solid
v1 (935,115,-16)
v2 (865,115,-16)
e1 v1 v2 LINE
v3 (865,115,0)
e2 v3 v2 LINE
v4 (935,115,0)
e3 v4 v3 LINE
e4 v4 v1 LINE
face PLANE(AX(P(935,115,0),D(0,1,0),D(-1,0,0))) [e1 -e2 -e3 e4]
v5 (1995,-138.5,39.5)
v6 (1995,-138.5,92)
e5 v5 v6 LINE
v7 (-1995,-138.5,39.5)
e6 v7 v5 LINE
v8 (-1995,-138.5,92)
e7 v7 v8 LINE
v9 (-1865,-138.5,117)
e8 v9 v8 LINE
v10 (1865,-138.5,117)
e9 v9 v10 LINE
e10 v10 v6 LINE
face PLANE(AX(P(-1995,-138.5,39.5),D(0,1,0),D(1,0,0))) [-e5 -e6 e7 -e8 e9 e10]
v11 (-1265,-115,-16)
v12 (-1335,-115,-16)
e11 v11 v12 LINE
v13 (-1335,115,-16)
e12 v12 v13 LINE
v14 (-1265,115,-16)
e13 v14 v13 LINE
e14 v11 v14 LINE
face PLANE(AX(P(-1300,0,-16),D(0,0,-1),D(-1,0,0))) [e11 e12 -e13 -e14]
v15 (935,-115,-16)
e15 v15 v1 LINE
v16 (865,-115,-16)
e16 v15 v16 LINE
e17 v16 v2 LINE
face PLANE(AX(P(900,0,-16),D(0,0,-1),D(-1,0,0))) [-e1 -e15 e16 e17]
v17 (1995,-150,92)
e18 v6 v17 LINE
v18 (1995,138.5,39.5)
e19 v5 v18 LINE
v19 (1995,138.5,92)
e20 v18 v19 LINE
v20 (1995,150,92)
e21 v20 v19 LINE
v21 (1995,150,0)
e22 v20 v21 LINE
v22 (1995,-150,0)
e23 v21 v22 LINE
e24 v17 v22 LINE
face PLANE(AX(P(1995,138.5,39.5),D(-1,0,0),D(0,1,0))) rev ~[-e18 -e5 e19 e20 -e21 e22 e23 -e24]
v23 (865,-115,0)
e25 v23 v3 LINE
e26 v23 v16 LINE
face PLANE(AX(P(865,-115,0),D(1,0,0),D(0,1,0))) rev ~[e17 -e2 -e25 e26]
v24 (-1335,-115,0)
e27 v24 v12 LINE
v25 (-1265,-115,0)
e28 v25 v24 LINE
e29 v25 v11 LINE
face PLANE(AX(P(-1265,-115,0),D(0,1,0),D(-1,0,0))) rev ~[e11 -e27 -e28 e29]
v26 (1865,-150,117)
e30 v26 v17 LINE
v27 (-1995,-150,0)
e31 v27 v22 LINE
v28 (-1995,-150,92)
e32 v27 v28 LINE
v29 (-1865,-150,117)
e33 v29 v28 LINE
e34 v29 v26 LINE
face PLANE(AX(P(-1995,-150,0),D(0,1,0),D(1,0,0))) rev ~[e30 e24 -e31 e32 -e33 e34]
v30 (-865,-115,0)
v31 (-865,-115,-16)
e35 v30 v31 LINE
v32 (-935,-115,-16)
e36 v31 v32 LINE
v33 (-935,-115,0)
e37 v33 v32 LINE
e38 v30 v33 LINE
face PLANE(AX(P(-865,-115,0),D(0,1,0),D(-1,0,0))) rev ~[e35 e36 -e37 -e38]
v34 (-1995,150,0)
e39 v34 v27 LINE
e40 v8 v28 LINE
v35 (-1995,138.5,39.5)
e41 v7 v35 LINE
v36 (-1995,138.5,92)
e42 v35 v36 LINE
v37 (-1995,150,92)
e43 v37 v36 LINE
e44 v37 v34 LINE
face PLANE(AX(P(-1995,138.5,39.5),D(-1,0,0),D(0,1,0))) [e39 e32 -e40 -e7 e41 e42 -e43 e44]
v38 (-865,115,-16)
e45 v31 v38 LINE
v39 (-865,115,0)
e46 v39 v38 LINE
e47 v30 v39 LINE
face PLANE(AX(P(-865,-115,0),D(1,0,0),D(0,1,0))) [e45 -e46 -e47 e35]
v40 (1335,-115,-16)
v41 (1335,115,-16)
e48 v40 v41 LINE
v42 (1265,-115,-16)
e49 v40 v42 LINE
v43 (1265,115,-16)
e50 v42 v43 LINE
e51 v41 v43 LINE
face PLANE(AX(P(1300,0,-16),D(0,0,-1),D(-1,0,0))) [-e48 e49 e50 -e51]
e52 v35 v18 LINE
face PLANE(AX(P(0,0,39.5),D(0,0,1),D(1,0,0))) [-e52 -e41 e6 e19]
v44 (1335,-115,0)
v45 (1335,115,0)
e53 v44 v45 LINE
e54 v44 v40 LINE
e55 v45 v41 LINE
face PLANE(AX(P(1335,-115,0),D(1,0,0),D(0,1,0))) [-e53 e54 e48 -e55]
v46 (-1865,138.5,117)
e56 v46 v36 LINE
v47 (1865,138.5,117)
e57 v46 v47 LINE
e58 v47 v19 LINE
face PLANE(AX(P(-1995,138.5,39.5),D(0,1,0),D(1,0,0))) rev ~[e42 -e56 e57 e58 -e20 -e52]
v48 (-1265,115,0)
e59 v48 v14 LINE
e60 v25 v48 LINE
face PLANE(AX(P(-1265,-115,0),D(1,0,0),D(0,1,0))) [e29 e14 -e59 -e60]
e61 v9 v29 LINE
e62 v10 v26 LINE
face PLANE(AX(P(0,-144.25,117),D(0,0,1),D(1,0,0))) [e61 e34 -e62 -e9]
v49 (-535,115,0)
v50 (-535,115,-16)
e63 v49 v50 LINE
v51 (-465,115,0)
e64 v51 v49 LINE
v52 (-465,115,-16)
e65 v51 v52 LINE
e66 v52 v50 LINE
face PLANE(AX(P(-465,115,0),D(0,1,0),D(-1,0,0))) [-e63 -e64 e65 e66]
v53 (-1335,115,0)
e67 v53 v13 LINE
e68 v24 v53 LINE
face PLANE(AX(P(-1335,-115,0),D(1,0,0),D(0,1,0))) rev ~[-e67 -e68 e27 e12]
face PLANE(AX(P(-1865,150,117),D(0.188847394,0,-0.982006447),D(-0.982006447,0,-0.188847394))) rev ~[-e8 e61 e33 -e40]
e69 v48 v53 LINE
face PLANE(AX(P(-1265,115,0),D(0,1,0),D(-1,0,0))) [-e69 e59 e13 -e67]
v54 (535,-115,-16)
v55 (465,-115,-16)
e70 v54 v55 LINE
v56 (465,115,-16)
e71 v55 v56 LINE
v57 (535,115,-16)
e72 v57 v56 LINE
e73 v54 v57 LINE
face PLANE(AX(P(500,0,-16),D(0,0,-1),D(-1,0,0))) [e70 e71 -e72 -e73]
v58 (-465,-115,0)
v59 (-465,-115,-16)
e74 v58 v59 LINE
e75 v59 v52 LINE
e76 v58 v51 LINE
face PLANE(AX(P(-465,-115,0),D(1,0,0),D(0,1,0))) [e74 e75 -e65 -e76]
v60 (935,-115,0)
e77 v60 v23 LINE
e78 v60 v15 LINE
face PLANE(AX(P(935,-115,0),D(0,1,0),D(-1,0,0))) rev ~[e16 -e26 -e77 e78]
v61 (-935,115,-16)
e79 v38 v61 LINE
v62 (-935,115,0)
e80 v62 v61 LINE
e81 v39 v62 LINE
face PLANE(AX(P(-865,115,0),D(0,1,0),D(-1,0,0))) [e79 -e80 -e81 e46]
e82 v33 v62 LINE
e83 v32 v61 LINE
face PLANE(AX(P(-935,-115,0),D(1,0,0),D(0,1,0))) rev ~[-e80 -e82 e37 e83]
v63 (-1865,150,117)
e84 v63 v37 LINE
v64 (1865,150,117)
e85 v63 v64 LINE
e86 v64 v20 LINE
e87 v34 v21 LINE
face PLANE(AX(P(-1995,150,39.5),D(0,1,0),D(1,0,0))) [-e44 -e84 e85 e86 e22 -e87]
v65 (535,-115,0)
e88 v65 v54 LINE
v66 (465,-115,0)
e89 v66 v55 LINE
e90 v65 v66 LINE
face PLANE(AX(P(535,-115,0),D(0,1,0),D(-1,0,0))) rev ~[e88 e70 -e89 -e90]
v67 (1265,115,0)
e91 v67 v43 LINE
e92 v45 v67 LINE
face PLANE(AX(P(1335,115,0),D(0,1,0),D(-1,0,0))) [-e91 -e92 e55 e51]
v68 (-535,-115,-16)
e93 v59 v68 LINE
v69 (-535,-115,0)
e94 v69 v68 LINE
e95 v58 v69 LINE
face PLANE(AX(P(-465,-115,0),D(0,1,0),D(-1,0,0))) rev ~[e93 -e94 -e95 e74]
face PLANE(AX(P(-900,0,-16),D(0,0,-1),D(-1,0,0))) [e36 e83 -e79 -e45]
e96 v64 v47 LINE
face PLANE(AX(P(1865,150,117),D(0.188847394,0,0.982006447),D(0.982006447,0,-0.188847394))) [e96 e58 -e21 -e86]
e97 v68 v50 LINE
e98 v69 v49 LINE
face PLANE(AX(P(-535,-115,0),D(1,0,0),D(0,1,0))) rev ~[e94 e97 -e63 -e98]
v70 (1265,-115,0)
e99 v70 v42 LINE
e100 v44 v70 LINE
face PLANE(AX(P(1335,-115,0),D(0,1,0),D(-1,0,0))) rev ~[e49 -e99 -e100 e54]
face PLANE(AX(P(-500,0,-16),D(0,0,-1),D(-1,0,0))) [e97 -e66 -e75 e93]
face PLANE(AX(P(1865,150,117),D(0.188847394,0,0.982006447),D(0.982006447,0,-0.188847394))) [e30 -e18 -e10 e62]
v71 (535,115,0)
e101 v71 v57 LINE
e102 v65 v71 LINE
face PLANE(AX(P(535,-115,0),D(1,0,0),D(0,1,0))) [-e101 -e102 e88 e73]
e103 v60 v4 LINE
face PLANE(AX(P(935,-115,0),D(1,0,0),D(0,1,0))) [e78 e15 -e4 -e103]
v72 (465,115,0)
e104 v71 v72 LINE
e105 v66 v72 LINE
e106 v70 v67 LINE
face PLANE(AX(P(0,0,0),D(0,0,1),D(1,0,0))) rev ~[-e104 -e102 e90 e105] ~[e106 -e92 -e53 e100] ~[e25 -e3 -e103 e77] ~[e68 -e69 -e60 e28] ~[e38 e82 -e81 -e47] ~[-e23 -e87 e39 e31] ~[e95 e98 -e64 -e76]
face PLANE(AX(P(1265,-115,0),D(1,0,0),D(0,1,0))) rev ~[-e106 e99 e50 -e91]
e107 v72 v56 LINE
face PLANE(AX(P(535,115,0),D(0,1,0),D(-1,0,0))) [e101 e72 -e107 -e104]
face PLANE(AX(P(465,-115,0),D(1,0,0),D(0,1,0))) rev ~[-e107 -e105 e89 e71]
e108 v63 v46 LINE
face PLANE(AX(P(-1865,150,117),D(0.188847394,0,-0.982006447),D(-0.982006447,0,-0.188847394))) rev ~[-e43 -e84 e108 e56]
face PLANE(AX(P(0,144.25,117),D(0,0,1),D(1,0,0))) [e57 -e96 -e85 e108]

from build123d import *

# Parameters (mm, degrees)
SKETCH_1_W          = 3990
SKETCH_1_H          = 300
SKETCH_1_R          = 13
SKETCH_1_R_2        = 11.5
EXTRUDE_1608_DEPTH  = 39.5
SKETCH_2_W          = 3990
SKETCH_2_H          = 11.5
EXTRUDE_1_DEPTH     = 77.5
SKETCH_3_W          = 70
SKETCH_3_H          = 230
EXTRUDE_2_DEPTH     = 16
SKETCH_4_R          = 13
CUT_EXTRUDE_1_DEPTH = 2003.131676489
CUT_EXTRUDE_2_DEPTH = 2021.820130541
SKETCH_6_W          = 3990
SKETCH_6_H          = 277
EXTRUDE_3_DEPTH     = 39.5
SKETCH_7_W          = 70
SKETCH_7_H          = 230
EXTRUDE_4_DEPTH     = 16


with BuildPart() as part:
    # 草图1 → Extrude 1608 (new body)
    with BuildSketch(Plane.XY):
        Rectangle(SKETCH_1_W, SKETCH_1_H)
        with Locations((1940, 80)):
            Circle(SKETCH_1_R, mode=Mode.SUBTRACT)
        with Locations((1860, 80)):
            Circle(SKETCH_1_R, mode=Mode.SUBTRACT)
        with Locations((1780, 80)):
            Circle(SKETCH_1_R, mode=Mode.SUBTRACT)
        with Locations((1700, 80)):
            Circle(SKETCH_1_R, mode=Mode.SUBTRACT)
        with Locations((1540, 80)):
            Circle(SKETCH_1_R_2, mode=Mode.SUBTRACT)
        with Locations((1380, 80)):
            Circle(SKETCH_1_R_2, mode=Mode.SUBTRACT)
        with Locations((1220, 80)):
            Circle(SKETCH_1_R_2, mode=Mode.SUBTRACT)
        with Locations((1060, 80)):
            Circle(SKETCH_1_R_2, mode=Mode.SUBTRACT)
        with Locations((980, 80)):
            Circle(SKETCH_1_R_2, mode=Mode.SUBTRACT)
        with Locations((820, 80)):
            Circle(SKETCH_1_R_2, mode=Mode.SUBTRACT)
        with Locations((740, 80)):
            Circle(SKETCH_1_R_2, mode=Mode.SUBTRACT)
        with Locations((580, 80)):
            Circle(SKETCH_1_R_2, mode=Mode.SUBTRACT)
        with Locations((980, 0)):
            Circle(SKETCH_1_R_2, mode=Mode.SUBTRACT)
        with Locations((1060, 0)):
            Circle(SKETCH_1_R_2, mode=Mode.SUBTRACT)
        with Locations((820, 0)):
            Circle(SKETCH_1_R_2, mode=Mode.SUBTRACT)
        with Locations((740, 0)):
            Circle(SKETCH_1_R_2, mode=Mode.SUBTRACT)
        with Locations((580, 0)):
            Circle(SKETCH_1_R_2, mode=Mode.SUBTRACT)
        with Locations((1220, 0)):
            Circle(SKETCH_1_R_2, mode=Mode.SUBTRACT)
        with Locations((1380, 0)):
            Circle(SKETCH_1_R_2, mode=Mode.SUBTRACT)
        with Locations((1540, 0)):
            Circle(SKETCH_1_R_2, mode=Mode.SUBTRACT)
        with Locations((1700, 0)):
            Circle(SKETCH_1_R, mode=Mode.SUBTRACT)
        with Locations((1780, 0)):
            Circle(SKETCH_1_R, mode=Mode.SUBTRACT)
        with Locations((1860, 0)):
            Circle(SKETCH_1_R, mode=Mode.SUBTRACT)
        with Locations((1940, 0)):
            Circle(SKETCH_1_R, mode=Mode.SUBTRACT)
        with Locations((420, 80)):
            Circle(SKETCH_1_R_2, mode=Mode.SUBTRACT)
        with Locations((420, 0)):
            Circle(SKETCH_1_R_2, mode=Mode.SUBTRACT)
        with Locations((300, 0)):
            Circle(SKETCH_1_R_2, mode=Mode.SUBTRACT)
        with Locations((300, 80)):
            Circle(SKETCH_1_R_2, mode=Mode.SUBTRACT)
        with Locations((220, 80)):
            Circle(SKETCH_1_R_2, mode=Mode.SUBTRACT)
        with Locations((220, 0)):
            Circle(SKETCH_1_R_2, mode=Mode.SUBTRACT)
        with Locations((140, 0)):
            Circle(SKETCH_1_R, mode=Mode.SUBTRACT)
        with Locations((140, 80)):
            Circle(SKETCH_1_R, mode=Mode.SUBTRACT)
        with Locations((60, 80)):
            Circle(SKETCH_1_R, mode=Mode.SUBTRACT)
        with Locations((60, 0)):
            Circle(SKETCH_1_R, mode=Mode.SUBTRACT)
        with Locations(Location((1700, -80, 0), (0, 0, 180))):
            Circle(SKETCH_1_R, mode=Mode.SUBTRACT)
        with Locations(Location((1780, -80, 0), (0, 0, 180))):
            Circle(SKETCH_1_R, mode=Mode.SUBTRACT)
        with Locations(Location((1860, -80, 0), (0, 0, 180))):
            Circle(SKETCH_1_R, mode=Mode.SUBTRACT)
        with Locations(Location((1940, -80, 0), (0, 0, 180))):
            Circle(SKETCH_1_R, mode=Mode.SUBTRACT)
        with Locations(Location((580, -80, 0), (0, 0, 180))):
            Circle(SKETCH_1_R_2, mode=Mode.SUBTRACT)
        with Locations(Location((740, -80, 0), (0, 0, 180))):
            Circle(SKETCH_1_R_2, mode=Mode.SUBTRACT)
        with Locations(Location((820, -80, 0), (0, 0, 180))):
            Circle(SKETCH_1_R_2, mode=Mode.SUBTRACT)
        with Locations(Location((980, -80, 0), (0, 0, 180))):
            Circle(SKETCH_1_R_2, mode=Mode.SUBTRACT)
        with Locations(Location((1060, -80, 0), (0, 0, 180))):
            Circle(SKETCH_1_R_2, mode=Mode.SUBTRACT)
        with Locations(Location((1220, -80, 0), (0, 0, 180))):
            Circle(SKETCH_1_R_2, mode=Mode.SUBTRACT)
        with Locations(Location((1380, -80, 0), (0, 0, 180))):
            Circle(SKETCH_1_R_2, mode=Mode.SUBTRACT)
        with Locations(Location((1540, -80, 0), (0, 0, 180))):
            Circle(SKETCH_1_R_2, mode=Mode.SUBTRACT)
        with Locations(Location((220, -80, 0), (0, 0, 180))):
            Circle(SKETCH_1_R_2, mode=Mode.SUBTRACT)
        with Locations(Location((300, -80, 0), (0, 0, 180))):
            Circle(SKETCH_1_R_2, mode=Mode.SUBTRACT)
        with Locations(Location((420, -80, 0), (0, 0, 180))):
            Circle(SKETCH_1_R_2, mode=Mode.SUBTRACT)
        with Locations(Location((60, -80, 0), (0, 0, 180))):
            Circle(SKETCH_1_R, mode=Mode.SUBTRACT)
        with Locations(Location((140, -80, 0), (0, 0, 180))):
            Circle(SKETCH_1_R, mode=Mode.SUBTRACT)
        with Locations((-140, -80)):
            Circle(SKETCH_1_R, mode=Mode.SUBTRACT)
        with Locations((-60, -80)):
            Circle(SKETCH_1_R, mode=Mode.SUBTRACT)
        with Locations((-580, -80)):
            Circle(SKETCH_1_R_2, mode=Mode.SUBTRACT)
        with Locations((-420, -80)):
            Circle(SKETCH_1_R_2, mode=Mode.SUBTRACT)
        with Locations((-300, -80)):
            Circle(SKETCH_1_R_2, mode=Mode.SUBTRACT)
        with Locations((-220, -80)):
            Circle(SKETCH_1_R_2, mode=Mode.SUBTRACT)
        with Locations((-1540, -80)):
            Circle(SKETCH_1_R_2, mode=Mode.SUBTRACT)
        with Locations((-1380, -80)):
            Circle(SKETCH_1_R_2, mode=Mode.SUBTRACT)
        with Locations((-1220, -80)):
            Circle(SKETCH_1_R_2, mode=Mode.SUBTRACT)
        with Locations((-1060, -80)):
            Circle(SKETCH_1_R_2, mode=Mode.SUBTRACT)
        with Locations((-980, -80)):
            Circle(SKETCH_1_R_2, mode=Mode.SUBTRACT)
        with Locations((-820, -80)):
            Circle(SKETCH_1_R_2, mode=Mode.SUBTRACT)
        with Locations((-740, -80)):
            Circle(SKETCH_1_R_2, mode=Mode.SUBTRACT)
        with Locations((-1940, -80)):
            Circle(SKETCH_1_R, mode=Mode.SUBTRACT)
        with Locations((-1860, -80)):
            Circle(SKETCH_1_R, mode=Mode.SUBTRACT)
        with Locations((-1780, -80)):
            Circle(SKETCH_1_R, mode=Mode.SUBTRACT)
        with Locations((-1700, -80)):
            Circle(SKETCH_1_R, mode=Mode.SUBTRACT)
        with Locations(Location((-60, 0, 0), (0, 0, 180))):
            Circle(SKETCH_1_R, mode=Mode.SUBTRACT)
        with Locations(Location((-60, 80, 0), (0, 0, 180))):
            Circle(SKETCH_1_R, mode=Mode.SUBTRACT)
        with Locations(Location((-140, 80, 0), (0, 0, 180))):
            Circle(SKETCH_1_R, mode=Mode.SUBTRACT)
        with Locations(Location((-140, 0, 0), (0, 0, 180))):
            Circle(SKETCH_1_R, mode=Mode.SUBTRACT)
        with Locations(Location((-220, 0, 0), (0, 0, 180))):
            Circle(SKETCH_1_R_2, mode=Mode.SUBTRACT)
        with Locations(Location((-220, 80, 0), (0, 0, 180))):
            Circle(SKETCH_1_R_2, mode=Mode.SUBTRACT)
        with Locations(Location((-300, 80, 0), (0, 0, 180))):
            Circle(SKETCH_1_R_2, mode=Mode.SUBTRACT)
        with Locations(Location((-300, 0, 0), (0, 0, 180))):
            Circle(SKETCH_1_R_2, mode=Mode.SUBTRACT)
        with Locations(Location((-420, 0, 0), (0, 0, 180))):
            Circle(SKETCH_1_R_2, mode=Mode.SUBTRACT)
        with Locations(Location((-420, 80, 0), (0, 0, 180))):
            Circle(SKETCH_1_R_2, mode=Mode.SUBTRACT)
        with Locations(Location((-1940, 0, 0), (0, 0, 180))):
            Circle(SKETCH_1_R, mode=Mode.SUBTRACT)
        with Locations(Location((-1860, 0, 0), (0, 0, 180))):
            Circle(SKETCH_1_R, mode=Mode.SUBTRACT)
        with Locations(Location((-1780, 0, 0), (0, 0, 180))):
            Circle(SKETCH_1_R, mode=Mode.SUBTRACT)
        with Locations(Location((-1700, 0, 0), (0, 0, 180))):
            Circle(SKETCH_1_R, mode=Mode.SUBTRACT)
        with Locations(Location((-1540, 0, 0), (0, 0, 180))):
            Circle(SKETCH_1_R_2, mode=Mode.SUBTRACT)
        with Locations(Location((-1380, 0, 0), (0, 0, 180))):
            Circle(SKETCH_1_R_2, mode=Mode.SUBTRACT)
        with Locations(Location((-1220, 0, 0), (0, 0, 180))):
            Circle(SKETCH_1_R_2, mode=Mode.SUBTRACT)
        with Locations(Location((-580, 0, 0), (0, 0, 180))):
            Circle(SKETCH_1_R_2, mode=Mode.SUBTRACT)
        with Locations(Location((-740, 0, 0), (0, 0, 180))):
            Circle(SKETCH_1_R_2, mode=Mode.SUBTRACT)
        with Locations(Location((-820, 0, 0), (0, 0, 180))):
            Circle(SKETCH_1_R_2, mode=Mode.SUBTRACT)
        with Locations(Location((-1060, 0, 0), (0, 0, 180))):
            Circle(SKETCH_1_R_2, mode=Mode.SUBTRACT)
        with Locations(Location((-980, 0, 0), (0, 0, 180))):
            Circle(SKETCH_1_R_2, mode=Mode.SUBTRACT)
        with Locations(Location((-580, 80, 0), (0, 0, 180))):
            Circle(SKETCH_1_R_2, mode=Mode.SUBTRACT)
        with Locations(Location((-740, 80, 0), (0, 0, 180))):
            Circle(SKETCH_1_R_2, mode=Mode.SUBTRACT)
        with Locations(Location((-820, 80, 0), (0, 0, 180))):
            Circle(SKETCH_1_R_2, mode=Mode.SUBTRACT)
        with Locations(Location((-980, 80, 0), (0, 0, 180))):
            Circle(SKETCH_1_R_2, mode=Mode.SUBTRACT)
        with Locations(Location((-1060, 80, 0), (0, 0, 180))):
            Circle(SKETCH_1_R_2, mode=Mode.SUBTRACT)
        with Locations(Location((-1220, 80, 0), (0, 0, 180))):
            Circle(SKETCH_1_R_2, mode=Mode.SUBTRACT)
        with Locations(Location((-1380, 80, 0), (0, 0, 180))):
            Circle(SKETCH_1_R_2, mode=Mode.SUBTRACT)
        with Locations(Location((-1540, 80, 0), (0, 0, 180))):
            Circle(SKETCH_1_R_2, mode=Mode.SUBTRACT)
        with Locations(Location((-1700, 80, 0), (0, 0, 180))):
            Circle(SKETCH_1_R, mode=Mode.SUBTRACT)
        with Locations(Location((-1780, 80, 0), (0, 0, 180))):
            Circle(SKETCH_1_R, mode=Mode.SUBTRACT)
        with Locations(Location((-1860, 80, 0), (0, 0, 180))):
            Circle(SKETCH_1_R, mode=Mode.SUBTRACT)
        with Locations(Location((-1940, 80, 0), (0, 0, 180))):
            Circle(SKETCH_1_R, mode=Mode.SUBTRACT)
    extrude(amount=EXTRUDE_1608_DEPTH)

    # 草图2 → 凸台-拉伸1 (add)
    with BuildSketch(Plane.XY.offset(39.5)):
        with Locations((0, 144.25)):
            Rectangle(SKETCH_2_W, SKETCH_2_H)
        with Locations((0, -144.25)):
            Rectangle(SKETCH_2_W, SKETCH_2_H)
    extrude(amount=EXTRUDE_1_DEPTH)

    # 草图3 → 凸台-拉伸2 (add)
    with BuildSketch(Plane(origin=(0, 0, 0), x_dir=(-1, 0, 0), z_dir=(0, 0, -1))):
        with Locations((1300, 0)):
            Rectangle(SKETCH_3_W, SKETCH_3_H)
        with Locations((900, 0)):
            Rectangle(SKETCH_3_W, SKETCH_3_H)
        with Locations((-1300, 0)):
            Rectangle(SKETCH_3_W, SKETCH_3_H)
        with Locations((500, 0)):
            Rectangle(SKETCH_3_W, SKETCH_3_H)
        with Locations((-900, 0)):
            Rectangle(SKETCH_3_W, SKETCH_3_H)
        with Locations((-500, 0)):
            Rectangle(SKETCH_3_W, SKETCH_3_H)
    extrude(amount=EXTRUDE_2_DEPTH)

    # 草图4 → 切除-拉伸1 (cut, through all)
    with BuildSketch(Plane.XY.offset(39.5)):
        with Locations((1300, 80)):
            Circle(SKETCH_4_R)
        with Locations((900, 80)):
            Circle(SKETCH_4_R)
        with Locations((900, 0)):
            Circle(SKETCH_4_R)
        with Locations((1300, 0)):
            Circle(SKETCH_4_R)
        with Locations(Location((900, -80, 0), (0, 0, 180))):
            Circle(SKETCH_4_R)
        with Locations(Location((1300, -80, 0), (0, 0, 180))):
            Circle(SKETCH_4_R)
        with Locations((500, 80)):
            Circle(SKETCH_4_R)
        with Locations((500, 0)):
            Circle(SKETCH_4_R)
        with Locations(Location((500, -80, 0), (0, 0, 180))):
            Circle(SKETCH_4_R)
        with Locations((-500, -80)):
            Circle(SKETCH_4_R)
        with Locations(Location((-500, 0, 0), (0, 0, 180))):
            Circle(SKETCH_4_R)
        with Locations(Location((-500, 80, 0), (0, 0, 180))):
            Circle(SKETCH_4_R)
        with Locations((-1300, -80)):
            Circle(SKETCH_4_R)
        with Locations((-900, -80)):
            Circle(SKETCH_4_R)
        with Locations(Location((-1300, 0, 0), (0, 0, 180))):
            Circle(SKETCH_4_R)
        with Locations(Location((-900, 0, 0), (0, 0, 180))):
            Circle(SKETCH_4_R)
        with Locations(Location((-900, 80, 0), (0, 0, 180))):
            Circle(SKETCH_4_R)
        with Locations(Location((-1300, 80, 0), (0, 0, 180))):
            Circle(SKETCH_4_R)
    extrude(amount=-CUT_EXTRUDE_1_DEPTH, mode=Mode.SUBTRACT)

    # 草图5 → 切除-拉伸2 (cut, through all)
    with BuildSketch(Plane(origin=(0, 150, 0), x_dir=(-1, 0, 0), z_dir=(0, 1, 0))):
        Polygon((-1995, 92), (-1995, 117), (-1865, 117), align=None)
        Polygon((1865, 117), (1995, 92), (1995, 117), align=None)
    extrude(amount=-CUT_EXTRUDE_2_DEPTH, mode=Mode.SUBTRACT)

    # 草图6 → 凸台-拉伸3 (add)
    with BuildSketch(Plane.XY.offset(39.5)):
        Rectangle(SKETCH_6_W, SKETCH_6_H)
    extrude(amount=-EXTRUDE_3_DEPTH)

    # 草图7 → 凸台-拉伸4 (add)
    with BuildSketch(Plane(origin=(0, 0, 0), x_dir=(-1, 0, 0), z_dir=(0, 0, -1))):
        with Locations((-1300, 0)):
            Rectangle(SKETCH_7_W, SKETCH_7_H)
        with Locations((-900, 0)):
            Rectangle(SKETCH_7_W, SKETCH_7_H)
        with Locations((-500, 0)):
            Rectangle(SKETCH_7_W, SKETCH_7_H)
        with Locations((500, 0)):
            Rectangle(SKETCH_7_W, SKETCH_7_H)
        with Locations((900, 0)):
            Rectangle(SKETCH_7_W, SKETCH_7_H)
        with Locations((1300, 0)):
            Rectangle(SKETCH_7_W, SKETCH_7_H)
    extrude(amount=EXTRUDE_4_DEPTH)


solid = part.part
